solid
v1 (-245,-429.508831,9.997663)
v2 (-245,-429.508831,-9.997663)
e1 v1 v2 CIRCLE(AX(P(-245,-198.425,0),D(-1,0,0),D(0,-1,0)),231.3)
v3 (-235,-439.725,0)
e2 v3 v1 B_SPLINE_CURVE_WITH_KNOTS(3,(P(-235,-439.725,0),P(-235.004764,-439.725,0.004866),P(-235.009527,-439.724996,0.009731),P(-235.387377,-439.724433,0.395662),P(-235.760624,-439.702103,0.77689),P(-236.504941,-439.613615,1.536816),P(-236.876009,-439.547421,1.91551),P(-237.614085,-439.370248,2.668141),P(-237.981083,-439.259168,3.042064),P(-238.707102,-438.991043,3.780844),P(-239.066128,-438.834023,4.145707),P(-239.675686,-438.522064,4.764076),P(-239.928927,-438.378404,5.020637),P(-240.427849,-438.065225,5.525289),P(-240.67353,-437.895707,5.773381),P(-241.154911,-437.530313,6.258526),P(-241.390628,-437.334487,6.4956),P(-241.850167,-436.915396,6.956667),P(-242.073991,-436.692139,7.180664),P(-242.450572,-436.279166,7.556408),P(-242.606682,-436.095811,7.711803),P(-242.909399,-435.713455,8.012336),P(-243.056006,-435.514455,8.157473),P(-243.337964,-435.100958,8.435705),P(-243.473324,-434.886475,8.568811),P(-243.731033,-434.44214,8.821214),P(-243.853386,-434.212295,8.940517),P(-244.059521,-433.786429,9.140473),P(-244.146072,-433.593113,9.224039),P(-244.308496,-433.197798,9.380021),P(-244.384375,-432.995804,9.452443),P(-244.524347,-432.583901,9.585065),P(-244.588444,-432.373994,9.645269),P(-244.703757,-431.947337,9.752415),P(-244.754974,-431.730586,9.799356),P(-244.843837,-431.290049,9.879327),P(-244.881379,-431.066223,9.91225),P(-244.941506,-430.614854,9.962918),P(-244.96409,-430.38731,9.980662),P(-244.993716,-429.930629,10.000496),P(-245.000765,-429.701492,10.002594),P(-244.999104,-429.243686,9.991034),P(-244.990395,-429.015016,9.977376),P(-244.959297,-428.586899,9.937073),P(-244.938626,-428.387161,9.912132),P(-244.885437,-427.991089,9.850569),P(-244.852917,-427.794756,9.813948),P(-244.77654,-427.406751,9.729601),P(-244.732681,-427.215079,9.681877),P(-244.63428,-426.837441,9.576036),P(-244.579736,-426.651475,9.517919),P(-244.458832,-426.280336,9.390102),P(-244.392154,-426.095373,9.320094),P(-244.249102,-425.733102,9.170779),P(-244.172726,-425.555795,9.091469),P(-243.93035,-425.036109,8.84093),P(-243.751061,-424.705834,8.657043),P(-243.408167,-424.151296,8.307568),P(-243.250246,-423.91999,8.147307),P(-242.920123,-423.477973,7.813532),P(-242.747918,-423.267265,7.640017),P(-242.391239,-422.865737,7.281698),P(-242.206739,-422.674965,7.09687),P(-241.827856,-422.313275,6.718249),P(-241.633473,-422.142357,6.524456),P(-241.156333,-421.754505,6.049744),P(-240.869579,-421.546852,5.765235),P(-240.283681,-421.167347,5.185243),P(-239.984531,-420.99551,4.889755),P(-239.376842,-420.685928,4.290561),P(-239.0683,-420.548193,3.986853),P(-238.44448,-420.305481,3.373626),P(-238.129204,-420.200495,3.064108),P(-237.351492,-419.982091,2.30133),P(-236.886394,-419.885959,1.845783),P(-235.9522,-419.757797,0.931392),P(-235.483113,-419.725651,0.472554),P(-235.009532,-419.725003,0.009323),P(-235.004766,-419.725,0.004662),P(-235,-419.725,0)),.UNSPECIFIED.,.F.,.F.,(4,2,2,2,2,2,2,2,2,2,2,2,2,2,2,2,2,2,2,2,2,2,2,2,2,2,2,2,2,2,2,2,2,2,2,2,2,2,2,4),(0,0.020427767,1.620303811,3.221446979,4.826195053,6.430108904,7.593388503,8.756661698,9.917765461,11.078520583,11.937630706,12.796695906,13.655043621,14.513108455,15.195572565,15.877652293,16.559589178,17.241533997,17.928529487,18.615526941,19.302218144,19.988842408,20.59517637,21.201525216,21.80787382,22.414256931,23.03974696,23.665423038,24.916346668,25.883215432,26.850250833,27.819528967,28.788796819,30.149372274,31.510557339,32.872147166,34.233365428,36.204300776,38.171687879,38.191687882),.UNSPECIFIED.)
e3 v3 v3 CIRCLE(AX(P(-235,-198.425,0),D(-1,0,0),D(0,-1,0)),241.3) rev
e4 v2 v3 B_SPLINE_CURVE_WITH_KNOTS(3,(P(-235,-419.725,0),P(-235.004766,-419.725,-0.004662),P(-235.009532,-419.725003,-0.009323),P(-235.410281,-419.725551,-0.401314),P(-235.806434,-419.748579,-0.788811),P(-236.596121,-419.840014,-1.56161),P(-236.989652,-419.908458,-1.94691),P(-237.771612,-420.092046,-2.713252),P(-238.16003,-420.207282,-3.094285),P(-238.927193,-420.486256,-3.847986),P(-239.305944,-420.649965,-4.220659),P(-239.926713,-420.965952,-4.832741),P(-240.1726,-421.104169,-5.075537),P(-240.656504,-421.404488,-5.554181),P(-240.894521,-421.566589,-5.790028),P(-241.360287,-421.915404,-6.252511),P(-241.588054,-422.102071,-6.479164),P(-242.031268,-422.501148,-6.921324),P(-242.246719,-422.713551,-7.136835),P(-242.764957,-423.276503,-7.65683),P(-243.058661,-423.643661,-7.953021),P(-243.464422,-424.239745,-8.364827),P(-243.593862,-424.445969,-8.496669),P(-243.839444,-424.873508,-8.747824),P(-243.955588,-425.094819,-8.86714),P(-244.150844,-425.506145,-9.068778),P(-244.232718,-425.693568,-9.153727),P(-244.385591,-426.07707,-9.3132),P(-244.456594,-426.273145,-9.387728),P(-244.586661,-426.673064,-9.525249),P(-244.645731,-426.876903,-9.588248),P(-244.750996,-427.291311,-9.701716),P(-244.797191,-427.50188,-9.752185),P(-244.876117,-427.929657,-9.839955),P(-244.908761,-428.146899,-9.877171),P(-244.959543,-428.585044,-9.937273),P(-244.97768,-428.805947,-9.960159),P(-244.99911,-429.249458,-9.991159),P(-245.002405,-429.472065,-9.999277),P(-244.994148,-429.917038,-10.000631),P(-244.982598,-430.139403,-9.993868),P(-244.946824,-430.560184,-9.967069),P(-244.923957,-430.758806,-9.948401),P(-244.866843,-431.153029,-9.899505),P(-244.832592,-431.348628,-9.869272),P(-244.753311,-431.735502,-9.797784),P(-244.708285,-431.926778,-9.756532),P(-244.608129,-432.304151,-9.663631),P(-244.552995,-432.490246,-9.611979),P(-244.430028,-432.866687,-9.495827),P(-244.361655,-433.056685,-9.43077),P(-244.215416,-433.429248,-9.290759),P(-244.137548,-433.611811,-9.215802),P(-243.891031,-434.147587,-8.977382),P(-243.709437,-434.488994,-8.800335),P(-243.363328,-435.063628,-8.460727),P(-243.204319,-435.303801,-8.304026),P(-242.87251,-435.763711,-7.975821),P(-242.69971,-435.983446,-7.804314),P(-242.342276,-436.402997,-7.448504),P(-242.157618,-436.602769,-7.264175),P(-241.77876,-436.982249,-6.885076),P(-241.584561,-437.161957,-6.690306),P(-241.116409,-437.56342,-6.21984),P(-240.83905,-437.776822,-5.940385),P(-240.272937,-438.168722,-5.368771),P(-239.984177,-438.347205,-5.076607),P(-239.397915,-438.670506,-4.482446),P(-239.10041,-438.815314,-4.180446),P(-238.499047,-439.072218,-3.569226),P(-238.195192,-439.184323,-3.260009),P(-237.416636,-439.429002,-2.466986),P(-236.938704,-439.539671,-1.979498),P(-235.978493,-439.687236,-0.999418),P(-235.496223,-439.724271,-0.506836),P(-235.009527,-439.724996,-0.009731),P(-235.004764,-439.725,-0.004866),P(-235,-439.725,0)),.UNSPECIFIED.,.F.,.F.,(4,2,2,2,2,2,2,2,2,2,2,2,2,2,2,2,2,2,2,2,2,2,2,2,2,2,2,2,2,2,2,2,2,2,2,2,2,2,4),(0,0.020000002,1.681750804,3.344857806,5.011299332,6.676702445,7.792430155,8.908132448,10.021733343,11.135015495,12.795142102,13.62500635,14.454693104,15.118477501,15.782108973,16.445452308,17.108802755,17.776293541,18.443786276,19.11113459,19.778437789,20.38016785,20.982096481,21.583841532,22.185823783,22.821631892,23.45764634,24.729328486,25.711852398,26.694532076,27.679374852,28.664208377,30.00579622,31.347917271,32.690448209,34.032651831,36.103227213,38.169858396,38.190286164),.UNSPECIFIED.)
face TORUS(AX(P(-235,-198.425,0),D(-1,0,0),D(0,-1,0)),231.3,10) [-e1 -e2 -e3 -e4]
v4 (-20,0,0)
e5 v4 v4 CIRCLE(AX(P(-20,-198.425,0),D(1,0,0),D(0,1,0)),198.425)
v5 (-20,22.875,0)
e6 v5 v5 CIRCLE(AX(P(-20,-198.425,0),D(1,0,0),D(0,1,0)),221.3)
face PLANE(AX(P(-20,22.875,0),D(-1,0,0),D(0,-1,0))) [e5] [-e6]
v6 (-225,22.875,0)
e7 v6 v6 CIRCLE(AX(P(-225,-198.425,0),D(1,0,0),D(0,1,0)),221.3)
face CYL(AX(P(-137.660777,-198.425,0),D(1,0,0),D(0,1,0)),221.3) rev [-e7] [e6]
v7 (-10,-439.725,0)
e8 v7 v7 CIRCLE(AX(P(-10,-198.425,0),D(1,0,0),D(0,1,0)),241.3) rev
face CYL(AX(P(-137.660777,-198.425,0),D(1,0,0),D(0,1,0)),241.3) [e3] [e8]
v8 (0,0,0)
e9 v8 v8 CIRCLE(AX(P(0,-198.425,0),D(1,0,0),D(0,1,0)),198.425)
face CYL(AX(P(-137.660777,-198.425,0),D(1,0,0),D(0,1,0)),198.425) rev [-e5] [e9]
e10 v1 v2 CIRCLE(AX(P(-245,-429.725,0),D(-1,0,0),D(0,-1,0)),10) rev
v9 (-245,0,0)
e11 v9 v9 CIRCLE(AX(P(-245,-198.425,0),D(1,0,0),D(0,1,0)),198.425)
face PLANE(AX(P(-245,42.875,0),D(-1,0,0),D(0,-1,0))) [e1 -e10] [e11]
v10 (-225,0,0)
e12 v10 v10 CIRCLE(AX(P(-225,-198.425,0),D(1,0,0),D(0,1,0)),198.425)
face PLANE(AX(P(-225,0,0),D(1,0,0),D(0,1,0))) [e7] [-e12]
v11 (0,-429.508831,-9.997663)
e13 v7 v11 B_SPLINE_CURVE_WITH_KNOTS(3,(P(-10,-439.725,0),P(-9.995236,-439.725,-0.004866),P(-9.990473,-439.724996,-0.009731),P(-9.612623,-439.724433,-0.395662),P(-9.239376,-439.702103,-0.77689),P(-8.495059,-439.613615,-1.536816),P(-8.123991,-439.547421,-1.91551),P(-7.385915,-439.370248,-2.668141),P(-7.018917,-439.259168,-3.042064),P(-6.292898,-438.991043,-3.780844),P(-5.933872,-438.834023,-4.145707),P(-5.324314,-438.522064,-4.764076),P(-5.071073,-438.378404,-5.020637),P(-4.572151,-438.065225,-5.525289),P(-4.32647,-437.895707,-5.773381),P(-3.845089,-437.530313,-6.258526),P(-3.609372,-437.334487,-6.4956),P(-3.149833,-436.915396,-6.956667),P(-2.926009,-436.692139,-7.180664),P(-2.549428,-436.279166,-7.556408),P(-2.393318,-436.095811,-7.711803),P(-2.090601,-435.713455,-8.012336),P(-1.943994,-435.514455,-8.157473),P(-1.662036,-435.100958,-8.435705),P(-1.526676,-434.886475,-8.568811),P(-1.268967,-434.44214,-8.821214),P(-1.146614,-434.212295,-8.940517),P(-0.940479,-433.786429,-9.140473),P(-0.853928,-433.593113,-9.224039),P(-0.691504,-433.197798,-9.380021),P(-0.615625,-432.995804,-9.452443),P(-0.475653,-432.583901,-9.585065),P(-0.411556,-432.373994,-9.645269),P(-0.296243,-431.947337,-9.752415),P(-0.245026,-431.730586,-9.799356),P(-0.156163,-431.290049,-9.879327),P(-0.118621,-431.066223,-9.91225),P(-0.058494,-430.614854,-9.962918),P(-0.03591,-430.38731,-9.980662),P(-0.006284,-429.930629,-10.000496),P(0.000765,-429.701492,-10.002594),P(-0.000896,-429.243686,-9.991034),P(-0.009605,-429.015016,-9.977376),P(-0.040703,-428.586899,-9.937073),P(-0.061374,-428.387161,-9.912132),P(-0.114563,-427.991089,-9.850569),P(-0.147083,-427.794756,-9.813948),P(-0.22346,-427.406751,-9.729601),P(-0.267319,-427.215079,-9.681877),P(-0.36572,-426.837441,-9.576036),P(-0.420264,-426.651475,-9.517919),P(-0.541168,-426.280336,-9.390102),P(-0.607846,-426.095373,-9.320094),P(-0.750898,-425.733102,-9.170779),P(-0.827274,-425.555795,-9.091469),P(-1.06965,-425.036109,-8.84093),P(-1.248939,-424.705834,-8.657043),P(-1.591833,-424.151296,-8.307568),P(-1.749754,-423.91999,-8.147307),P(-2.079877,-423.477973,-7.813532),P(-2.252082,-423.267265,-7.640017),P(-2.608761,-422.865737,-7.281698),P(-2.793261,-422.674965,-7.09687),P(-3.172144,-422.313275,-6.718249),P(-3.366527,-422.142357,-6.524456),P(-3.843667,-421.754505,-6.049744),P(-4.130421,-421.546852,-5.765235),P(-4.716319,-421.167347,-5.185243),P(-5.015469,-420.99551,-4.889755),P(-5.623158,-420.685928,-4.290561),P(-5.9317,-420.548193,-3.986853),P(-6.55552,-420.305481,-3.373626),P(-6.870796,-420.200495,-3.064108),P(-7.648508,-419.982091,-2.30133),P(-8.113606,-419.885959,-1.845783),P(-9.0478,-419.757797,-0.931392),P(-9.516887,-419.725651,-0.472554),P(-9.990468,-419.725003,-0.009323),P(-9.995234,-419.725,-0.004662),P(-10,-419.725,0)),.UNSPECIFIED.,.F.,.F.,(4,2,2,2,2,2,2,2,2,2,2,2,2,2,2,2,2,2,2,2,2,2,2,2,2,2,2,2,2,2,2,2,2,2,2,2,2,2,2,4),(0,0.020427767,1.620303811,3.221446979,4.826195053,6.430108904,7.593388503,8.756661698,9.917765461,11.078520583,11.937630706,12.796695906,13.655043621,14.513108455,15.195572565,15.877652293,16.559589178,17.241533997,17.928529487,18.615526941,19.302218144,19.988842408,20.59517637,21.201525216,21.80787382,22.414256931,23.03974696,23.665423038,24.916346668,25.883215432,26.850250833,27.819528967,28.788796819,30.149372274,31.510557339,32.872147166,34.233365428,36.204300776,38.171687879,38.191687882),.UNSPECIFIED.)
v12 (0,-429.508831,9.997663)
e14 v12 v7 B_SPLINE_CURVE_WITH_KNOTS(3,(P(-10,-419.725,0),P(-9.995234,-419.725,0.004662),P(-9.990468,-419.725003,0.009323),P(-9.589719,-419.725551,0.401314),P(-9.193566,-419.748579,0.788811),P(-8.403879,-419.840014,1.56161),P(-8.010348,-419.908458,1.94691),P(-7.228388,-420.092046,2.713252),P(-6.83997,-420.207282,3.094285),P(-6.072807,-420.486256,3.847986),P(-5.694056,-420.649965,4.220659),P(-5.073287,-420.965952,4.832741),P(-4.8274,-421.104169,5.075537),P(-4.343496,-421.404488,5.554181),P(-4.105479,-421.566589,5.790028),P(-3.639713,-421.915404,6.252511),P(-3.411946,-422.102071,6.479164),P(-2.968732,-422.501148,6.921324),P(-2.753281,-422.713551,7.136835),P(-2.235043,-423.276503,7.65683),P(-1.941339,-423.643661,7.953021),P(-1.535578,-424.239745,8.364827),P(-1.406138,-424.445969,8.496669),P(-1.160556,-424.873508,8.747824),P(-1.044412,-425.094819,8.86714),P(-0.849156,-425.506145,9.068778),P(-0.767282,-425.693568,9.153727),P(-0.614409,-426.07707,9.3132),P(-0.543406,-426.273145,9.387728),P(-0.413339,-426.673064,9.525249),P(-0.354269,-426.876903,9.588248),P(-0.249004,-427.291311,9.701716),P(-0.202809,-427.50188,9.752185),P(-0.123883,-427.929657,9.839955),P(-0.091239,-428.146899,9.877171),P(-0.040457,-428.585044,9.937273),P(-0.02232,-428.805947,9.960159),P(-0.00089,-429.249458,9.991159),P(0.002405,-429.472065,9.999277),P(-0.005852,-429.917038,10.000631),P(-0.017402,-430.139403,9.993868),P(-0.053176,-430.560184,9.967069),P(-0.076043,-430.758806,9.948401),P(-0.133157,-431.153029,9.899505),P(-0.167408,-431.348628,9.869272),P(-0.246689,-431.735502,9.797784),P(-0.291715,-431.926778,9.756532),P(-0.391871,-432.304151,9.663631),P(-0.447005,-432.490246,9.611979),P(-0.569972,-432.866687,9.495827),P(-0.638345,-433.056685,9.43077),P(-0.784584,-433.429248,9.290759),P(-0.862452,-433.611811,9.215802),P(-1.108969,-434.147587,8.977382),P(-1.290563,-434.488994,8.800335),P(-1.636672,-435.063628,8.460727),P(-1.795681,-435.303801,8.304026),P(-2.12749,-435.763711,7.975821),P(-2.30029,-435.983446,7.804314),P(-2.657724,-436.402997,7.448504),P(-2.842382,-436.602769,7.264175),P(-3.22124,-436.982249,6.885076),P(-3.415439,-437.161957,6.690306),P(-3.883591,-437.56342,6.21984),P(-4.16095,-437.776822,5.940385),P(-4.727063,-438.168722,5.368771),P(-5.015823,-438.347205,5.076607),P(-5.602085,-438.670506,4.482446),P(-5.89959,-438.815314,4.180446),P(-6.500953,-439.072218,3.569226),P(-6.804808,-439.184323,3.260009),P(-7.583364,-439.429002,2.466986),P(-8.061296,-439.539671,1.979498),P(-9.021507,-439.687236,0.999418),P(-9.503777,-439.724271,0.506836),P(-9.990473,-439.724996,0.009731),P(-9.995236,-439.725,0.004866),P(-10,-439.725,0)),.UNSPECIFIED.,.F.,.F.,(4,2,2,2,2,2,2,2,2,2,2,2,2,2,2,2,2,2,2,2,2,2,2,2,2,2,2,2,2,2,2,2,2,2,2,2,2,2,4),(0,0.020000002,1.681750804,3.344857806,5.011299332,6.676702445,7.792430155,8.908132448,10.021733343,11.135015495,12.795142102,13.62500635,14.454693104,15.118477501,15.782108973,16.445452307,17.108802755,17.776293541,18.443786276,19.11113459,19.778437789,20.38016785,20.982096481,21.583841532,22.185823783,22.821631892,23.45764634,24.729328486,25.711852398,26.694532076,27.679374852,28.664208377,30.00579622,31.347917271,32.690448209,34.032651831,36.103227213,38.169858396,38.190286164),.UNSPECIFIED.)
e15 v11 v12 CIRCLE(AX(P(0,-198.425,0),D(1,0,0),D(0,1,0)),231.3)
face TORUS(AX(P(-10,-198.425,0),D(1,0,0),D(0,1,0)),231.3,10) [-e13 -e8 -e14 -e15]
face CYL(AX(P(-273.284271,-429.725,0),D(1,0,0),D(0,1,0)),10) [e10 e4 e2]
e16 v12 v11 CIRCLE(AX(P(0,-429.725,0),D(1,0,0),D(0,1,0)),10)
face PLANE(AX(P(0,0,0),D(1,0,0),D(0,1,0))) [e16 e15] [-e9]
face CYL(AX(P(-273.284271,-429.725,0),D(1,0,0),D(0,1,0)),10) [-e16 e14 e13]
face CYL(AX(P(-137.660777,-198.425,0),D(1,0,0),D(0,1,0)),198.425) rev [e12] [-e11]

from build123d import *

# Parameters (mm, degrees)
RACCORDO1_R                  = 10
SCHIZZO2_R                   = 10
ESTRUSIONE_ESTRUSIONE1_DEPTH = 245


with BuildPart() as part:
    # Schizzo1 → Rivoluzione1 (revolve)
    with BuildSketch(Plane.XY):
        Polygon((0, 0), (0, 42.875), (-245, 42.875), (-245, 0), (-225, 0), (-225, 22.875), (-20, 22.875), (-20, 0), align=None)
    revolve(axis=Axis((-137.660777117, -198.425, 0), (-1, 0, 0)))

    # Raccordo1
    raccordo1_edges = [part.edges().sort_by_distance(p)[0] for p in [
        (-245, -439.725, 0),
        (0, -439.725, 0),
    ]]
    fillet(raccordo1_edges, radius=RACCORDO1_R)

    # Schizzo2 → Estrusione-Estrusione1 (add)
    with BuildSketch(Plane(origin=(0, 0, 0), x_dir=(0, 0, -1), z_dir=(1, 0, 0))):
        with Locations((0, -429.725)):
            Circle(SCHIZZO2_R)
    extrude(amount=-ESTRUSIONE_ESTRUSIONE1_DEPTH)


solid = part.part
